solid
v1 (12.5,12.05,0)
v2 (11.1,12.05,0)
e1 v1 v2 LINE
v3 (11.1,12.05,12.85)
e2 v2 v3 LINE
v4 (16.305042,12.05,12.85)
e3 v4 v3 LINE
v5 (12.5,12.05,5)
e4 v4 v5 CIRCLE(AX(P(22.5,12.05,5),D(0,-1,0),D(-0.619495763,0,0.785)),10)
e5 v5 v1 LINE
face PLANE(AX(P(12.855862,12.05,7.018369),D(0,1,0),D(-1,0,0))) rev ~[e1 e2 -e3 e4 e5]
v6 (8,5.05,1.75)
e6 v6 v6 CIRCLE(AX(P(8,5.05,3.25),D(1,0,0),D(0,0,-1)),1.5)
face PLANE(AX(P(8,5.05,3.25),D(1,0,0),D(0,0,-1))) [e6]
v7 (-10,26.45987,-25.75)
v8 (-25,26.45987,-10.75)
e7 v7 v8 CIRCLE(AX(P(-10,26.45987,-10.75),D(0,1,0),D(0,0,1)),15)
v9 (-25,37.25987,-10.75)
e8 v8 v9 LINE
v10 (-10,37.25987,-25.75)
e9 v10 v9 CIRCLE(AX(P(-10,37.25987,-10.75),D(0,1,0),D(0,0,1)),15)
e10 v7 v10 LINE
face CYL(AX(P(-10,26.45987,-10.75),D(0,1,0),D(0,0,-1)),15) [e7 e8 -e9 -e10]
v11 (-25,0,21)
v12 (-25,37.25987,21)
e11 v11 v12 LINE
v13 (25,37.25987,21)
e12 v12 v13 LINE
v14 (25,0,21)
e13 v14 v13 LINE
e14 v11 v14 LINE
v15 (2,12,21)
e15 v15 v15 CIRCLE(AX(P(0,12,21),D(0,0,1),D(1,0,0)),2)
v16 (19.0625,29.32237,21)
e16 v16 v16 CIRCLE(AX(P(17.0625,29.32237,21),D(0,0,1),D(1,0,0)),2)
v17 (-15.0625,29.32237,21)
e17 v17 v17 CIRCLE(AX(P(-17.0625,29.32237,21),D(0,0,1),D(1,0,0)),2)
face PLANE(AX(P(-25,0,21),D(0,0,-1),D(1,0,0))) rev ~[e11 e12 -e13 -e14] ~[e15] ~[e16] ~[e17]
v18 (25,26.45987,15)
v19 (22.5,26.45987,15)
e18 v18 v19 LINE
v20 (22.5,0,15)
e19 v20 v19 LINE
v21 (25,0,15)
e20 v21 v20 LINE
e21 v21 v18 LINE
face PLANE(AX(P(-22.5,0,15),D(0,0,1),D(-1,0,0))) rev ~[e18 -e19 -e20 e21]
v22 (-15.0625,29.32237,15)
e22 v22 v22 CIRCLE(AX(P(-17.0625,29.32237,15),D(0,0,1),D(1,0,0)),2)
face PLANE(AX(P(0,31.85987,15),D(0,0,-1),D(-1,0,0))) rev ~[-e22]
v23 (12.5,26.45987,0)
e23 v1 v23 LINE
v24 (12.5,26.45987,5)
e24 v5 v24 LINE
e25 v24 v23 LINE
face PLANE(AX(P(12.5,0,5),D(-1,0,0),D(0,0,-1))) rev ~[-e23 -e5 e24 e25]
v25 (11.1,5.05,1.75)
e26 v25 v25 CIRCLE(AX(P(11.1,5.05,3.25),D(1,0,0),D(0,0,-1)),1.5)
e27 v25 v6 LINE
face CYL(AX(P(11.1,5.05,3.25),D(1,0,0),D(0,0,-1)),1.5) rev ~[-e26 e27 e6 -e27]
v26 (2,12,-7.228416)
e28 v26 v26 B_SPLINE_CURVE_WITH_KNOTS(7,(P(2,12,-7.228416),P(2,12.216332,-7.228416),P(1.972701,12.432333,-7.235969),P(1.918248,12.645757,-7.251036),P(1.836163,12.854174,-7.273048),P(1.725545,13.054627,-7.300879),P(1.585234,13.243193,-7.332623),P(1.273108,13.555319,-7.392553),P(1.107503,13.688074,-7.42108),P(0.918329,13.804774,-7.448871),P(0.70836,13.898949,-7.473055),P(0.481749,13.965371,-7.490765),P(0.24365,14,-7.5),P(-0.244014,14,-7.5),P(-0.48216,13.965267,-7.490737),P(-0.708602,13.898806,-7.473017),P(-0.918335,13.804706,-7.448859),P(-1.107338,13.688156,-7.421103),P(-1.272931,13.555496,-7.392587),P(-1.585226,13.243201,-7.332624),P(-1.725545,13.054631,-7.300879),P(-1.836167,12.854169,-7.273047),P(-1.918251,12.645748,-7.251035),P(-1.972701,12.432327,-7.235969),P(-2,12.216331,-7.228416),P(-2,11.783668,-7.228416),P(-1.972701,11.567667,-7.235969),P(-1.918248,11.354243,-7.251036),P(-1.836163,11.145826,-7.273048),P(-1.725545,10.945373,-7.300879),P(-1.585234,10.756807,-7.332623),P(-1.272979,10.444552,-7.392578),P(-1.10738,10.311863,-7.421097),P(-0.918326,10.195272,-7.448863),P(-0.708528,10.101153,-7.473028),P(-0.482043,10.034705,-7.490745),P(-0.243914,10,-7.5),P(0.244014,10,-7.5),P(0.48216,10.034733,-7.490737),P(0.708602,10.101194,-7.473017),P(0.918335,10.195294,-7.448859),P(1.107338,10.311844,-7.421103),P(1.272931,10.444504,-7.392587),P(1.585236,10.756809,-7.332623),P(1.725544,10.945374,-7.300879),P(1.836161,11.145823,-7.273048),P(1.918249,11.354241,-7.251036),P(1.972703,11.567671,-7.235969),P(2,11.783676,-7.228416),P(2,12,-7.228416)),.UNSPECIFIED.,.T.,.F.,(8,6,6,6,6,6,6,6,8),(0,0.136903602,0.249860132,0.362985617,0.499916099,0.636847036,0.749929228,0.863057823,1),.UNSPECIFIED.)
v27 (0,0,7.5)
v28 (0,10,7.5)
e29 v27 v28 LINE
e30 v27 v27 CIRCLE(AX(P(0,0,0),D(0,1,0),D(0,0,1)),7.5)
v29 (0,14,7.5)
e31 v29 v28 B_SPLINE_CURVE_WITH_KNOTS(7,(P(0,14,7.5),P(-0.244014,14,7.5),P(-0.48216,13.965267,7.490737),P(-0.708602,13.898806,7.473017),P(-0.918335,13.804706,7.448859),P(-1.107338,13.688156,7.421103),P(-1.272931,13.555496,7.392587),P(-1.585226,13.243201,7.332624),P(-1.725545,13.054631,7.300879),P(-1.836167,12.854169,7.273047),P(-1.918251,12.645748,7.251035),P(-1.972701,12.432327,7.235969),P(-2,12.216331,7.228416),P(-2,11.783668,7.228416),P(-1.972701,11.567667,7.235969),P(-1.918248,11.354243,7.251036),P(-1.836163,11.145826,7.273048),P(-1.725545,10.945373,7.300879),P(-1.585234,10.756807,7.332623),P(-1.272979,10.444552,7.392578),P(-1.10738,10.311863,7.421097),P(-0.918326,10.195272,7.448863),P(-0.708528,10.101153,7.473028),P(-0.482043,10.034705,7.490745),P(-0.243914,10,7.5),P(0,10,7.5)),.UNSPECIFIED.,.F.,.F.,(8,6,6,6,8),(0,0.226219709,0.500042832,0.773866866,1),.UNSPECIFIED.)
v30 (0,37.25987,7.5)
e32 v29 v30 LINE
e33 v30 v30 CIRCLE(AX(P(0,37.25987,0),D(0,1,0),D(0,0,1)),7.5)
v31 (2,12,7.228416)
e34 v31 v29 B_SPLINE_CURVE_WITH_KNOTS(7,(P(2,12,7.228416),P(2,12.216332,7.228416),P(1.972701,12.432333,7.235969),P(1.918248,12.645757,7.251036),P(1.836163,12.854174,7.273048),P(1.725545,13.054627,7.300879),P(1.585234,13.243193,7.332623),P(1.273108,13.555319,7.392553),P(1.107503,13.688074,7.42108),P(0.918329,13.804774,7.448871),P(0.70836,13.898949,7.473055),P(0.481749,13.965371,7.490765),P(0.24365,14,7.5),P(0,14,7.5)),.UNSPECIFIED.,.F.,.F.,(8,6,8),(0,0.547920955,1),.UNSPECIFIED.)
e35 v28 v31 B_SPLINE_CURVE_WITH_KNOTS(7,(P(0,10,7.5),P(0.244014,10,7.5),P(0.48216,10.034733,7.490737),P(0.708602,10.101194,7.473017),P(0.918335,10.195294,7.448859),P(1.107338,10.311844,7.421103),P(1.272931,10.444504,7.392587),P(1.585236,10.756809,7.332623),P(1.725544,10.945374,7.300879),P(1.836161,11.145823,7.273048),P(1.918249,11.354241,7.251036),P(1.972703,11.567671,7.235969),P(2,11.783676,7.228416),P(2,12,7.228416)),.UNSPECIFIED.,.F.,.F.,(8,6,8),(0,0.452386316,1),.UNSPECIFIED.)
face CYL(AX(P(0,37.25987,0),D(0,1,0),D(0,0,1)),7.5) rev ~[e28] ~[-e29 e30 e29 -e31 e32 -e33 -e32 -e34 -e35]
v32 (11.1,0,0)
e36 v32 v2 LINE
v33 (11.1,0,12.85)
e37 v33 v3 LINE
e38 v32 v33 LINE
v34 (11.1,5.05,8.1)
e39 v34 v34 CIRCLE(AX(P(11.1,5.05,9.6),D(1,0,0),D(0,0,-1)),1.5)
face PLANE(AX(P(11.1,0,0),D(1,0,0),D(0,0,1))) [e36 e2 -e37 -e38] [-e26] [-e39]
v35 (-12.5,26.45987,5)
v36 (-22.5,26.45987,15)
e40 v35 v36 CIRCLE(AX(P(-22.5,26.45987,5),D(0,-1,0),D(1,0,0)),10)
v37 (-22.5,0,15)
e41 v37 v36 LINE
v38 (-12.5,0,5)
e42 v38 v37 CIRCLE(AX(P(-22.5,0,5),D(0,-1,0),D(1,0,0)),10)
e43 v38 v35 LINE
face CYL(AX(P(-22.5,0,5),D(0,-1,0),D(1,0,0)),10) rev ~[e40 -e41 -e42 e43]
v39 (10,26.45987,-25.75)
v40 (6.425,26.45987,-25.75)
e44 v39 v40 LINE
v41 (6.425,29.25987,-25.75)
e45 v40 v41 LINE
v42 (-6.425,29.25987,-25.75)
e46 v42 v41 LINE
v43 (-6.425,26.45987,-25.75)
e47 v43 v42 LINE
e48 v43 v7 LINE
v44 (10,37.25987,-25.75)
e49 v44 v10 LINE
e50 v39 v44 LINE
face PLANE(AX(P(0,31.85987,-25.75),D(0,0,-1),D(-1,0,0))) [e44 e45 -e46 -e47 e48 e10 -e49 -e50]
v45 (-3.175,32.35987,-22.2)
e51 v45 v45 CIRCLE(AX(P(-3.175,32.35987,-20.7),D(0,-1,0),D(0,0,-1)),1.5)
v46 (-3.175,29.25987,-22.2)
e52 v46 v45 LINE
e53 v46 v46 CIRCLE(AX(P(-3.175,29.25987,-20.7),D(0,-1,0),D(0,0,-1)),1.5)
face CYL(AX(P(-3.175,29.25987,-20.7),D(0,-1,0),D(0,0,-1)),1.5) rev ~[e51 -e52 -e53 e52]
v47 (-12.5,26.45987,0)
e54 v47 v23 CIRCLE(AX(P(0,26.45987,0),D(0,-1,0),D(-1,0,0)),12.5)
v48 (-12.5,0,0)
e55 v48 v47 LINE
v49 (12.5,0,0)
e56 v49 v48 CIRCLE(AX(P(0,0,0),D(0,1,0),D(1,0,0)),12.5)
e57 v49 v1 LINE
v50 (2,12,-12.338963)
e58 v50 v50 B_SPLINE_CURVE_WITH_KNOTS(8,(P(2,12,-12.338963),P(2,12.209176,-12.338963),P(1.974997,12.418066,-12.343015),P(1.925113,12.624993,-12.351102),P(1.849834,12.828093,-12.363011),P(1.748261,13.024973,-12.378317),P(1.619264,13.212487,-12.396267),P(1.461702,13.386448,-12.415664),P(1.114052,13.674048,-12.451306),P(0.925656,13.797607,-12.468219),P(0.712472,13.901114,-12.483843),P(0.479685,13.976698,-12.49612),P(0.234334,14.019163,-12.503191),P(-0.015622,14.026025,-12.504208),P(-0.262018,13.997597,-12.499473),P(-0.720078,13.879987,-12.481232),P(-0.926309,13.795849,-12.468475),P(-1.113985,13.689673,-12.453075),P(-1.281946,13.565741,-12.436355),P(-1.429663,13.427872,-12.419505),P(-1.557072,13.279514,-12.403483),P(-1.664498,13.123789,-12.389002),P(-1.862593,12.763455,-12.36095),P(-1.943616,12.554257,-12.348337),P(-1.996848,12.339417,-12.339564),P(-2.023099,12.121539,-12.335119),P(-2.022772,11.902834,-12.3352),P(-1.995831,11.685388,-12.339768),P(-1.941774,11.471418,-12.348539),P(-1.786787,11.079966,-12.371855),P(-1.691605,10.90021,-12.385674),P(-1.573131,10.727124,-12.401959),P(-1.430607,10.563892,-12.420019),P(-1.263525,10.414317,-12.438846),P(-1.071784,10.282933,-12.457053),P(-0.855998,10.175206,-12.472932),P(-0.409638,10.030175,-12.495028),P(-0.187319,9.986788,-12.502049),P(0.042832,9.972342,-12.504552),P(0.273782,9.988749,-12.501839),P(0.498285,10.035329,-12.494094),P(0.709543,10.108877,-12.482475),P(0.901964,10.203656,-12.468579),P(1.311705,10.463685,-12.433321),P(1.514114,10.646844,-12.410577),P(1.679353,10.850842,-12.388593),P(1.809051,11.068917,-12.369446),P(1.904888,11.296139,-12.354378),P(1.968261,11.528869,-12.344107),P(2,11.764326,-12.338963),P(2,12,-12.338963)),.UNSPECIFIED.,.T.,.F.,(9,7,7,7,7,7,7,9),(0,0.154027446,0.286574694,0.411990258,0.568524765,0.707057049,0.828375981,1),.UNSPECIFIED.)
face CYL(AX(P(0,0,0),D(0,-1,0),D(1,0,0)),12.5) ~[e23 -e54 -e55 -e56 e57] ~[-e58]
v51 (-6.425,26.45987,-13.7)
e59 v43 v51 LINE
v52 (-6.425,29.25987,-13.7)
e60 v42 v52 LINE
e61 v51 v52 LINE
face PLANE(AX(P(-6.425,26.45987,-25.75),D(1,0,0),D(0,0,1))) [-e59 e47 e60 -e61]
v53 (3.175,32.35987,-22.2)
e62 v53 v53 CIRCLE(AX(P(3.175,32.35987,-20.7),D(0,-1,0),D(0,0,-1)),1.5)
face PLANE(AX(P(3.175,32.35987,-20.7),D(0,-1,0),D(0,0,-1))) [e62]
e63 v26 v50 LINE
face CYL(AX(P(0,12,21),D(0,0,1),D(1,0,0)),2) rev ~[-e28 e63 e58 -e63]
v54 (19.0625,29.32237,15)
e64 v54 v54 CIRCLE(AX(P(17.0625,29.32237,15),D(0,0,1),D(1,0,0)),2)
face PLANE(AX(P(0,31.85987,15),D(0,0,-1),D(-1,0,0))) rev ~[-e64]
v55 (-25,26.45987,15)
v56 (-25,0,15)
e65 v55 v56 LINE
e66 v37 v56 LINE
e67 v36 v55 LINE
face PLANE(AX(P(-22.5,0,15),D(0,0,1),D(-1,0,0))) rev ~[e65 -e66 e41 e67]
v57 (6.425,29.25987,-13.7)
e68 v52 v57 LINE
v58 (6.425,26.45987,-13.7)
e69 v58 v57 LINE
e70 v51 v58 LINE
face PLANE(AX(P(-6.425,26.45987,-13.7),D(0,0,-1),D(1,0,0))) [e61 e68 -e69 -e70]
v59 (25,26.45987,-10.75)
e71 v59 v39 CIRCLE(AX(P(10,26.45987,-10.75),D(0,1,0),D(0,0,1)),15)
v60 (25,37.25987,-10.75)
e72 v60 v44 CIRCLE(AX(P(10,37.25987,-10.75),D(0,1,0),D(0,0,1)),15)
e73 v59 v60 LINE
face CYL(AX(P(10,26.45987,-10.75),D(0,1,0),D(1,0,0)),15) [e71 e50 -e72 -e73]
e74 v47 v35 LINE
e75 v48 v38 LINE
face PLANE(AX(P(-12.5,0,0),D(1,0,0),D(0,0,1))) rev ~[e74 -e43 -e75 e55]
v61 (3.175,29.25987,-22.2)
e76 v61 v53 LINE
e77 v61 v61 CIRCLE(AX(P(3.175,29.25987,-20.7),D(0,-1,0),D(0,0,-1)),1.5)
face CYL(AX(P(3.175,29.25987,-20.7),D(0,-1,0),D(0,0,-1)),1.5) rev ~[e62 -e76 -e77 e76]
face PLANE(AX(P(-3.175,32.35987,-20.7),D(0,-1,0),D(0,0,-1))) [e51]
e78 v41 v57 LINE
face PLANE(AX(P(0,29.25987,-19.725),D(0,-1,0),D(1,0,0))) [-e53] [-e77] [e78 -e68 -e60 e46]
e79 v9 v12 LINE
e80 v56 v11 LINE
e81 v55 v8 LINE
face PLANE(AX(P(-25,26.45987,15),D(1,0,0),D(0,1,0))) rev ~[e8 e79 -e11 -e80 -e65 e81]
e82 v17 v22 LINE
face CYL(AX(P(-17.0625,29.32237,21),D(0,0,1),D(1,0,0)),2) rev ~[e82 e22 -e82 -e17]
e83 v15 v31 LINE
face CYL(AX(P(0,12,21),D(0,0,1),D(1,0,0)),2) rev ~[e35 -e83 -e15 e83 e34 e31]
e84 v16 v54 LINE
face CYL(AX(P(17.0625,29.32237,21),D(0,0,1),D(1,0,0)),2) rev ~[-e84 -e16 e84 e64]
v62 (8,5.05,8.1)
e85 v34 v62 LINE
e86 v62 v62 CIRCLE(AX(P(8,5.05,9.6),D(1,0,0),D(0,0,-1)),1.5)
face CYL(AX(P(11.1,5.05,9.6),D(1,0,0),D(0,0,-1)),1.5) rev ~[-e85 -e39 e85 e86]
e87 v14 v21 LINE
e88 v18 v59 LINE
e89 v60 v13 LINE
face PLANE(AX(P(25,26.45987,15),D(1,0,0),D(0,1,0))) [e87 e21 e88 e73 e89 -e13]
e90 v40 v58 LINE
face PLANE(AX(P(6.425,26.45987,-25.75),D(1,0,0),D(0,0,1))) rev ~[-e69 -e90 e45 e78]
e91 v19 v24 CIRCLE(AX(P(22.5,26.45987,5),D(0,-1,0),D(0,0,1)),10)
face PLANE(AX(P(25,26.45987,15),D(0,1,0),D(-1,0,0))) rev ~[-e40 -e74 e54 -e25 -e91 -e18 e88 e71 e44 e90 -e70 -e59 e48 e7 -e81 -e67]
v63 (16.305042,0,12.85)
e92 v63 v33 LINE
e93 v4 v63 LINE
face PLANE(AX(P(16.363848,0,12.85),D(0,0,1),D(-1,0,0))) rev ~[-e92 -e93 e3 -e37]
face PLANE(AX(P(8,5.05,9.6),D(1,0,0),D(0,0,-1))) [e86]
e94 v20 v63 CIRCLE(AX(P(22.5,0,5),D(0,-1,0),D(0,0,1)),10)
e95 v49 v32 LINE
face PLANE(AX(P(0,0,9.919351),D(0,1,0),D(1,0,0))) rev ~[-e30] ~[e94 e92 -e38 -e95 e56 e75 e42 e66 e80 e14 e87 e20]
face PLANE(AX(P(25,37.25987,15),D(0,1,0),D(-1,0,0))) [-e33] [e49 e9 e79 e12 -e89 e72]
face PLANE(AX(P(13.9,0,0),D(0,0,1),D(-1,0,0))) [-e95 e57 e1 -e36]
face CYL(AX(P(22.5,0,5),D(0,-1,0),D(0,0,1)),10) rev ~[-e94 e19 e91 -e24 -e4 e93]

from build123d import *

# Parameters (mm, degrees)
PROFILE_SKETCH1_R                              = 7.5
PROFILE_BOSS_EXTRUDE2_DEPTH                    = 37.25987
FASTENINGHOLESKETCH3_R                         = 2
FASTENINGHOLECUT_EXTRUDE8_DEPTH                = 56.995963358
LM8UUFASTENINGHOLESKETCH5_R                    = 2
LM8UUFASTENINGHOLECUT_EXTRUDE9_DEPTH           = 56.995963425
YAXISMICROSWITCHCUT_EXTRUDE1_DEPTH             = 12.05
MICROSWITCHMOUNTINGHOLESKETCH2_R               = 1.5
YAXISMICROSWITCHMOUNTINGHOLECUT_EXTRUDE2_DEPTH = 3.1
TOPKNOTCHSKETCH2_W                             = 50
TOPKNOTCHSKETCH2_H                             = 27.5
TOPKNOTCHCUT_EXTRUDE1_DEPTH                    = 10.8
TOPSHELFSKETCH3_W                              = 50
TOPSHELFSKETCH3_H                              = 10.8
TOPSHELFBOSS_EXTRUDE1_DEPTH                    = 40.75
TOPSHELFLM8UUHOLESKETCH_R                      = 7.5
TOPSHELFLM8UUCUT_EXTRUDE2_DEPTH                = 52.733552168
XAXISMICROSWITCHSKETCH7_W                      = 12.85
XAXISMICROSWITCHSKETCH7_H                      = 12.05
XAXISMICROSWITCHCUT_EXTRUDE5_DEPTH             = 2.8
XAXISMICROSWITCHMOUNTINGHOLESKETCH8_R          = 1.5
XAXISMICROSWITCHMOUNTINGHOLECUT_EXTRUDE6_DEPTH = 3.1
FILLET3_R                                      = 15
FILLET4_R                                      = 15


with BuildPart() as part:
    # Profile-Sketch1 → Profile-Boss-Extrude2 (new body)
    with BuildSketch(Plane(origin=(0, 0, 0), x_dir=(1, 0, 0), z_dir=(0, 1, 0))):
        with BuildLine():
            Line((-25, -21), (25, -21))
            Line((25, -21), (25, -15))
            Line((25, -15), (22.5, -15))
            ThreePointArc((22.5, -15), (15.428932188, -12.071067812), (12.5, -5))
            Line((12.5, -5), (12.5, 0))
            ThreePointArc((12.5, 0), (0, 12.5), (-12.5, 0))
            Line((-12.5, 0), (-12.5, -5))
            ThreePointArc((-12.5, -5), (-15.428932188, -12.071067812), (-22.5, -15))
            Line((-22.5, -15), (-25, -15))
            Line((-25, -15), (-25, -21))
        make_face()
        with Locations(Location((0, 0, 0), (0, 0, 270))):
            Circle(PROFILE_SKETCH1_R, mode=Mode.SUBTRACT)
    extrude(amount=PROFILE_BOSS_EXTRUDE2_DEPTH)

    # FasteningHoleSketch3 → FasteningHoleCut-Extrude8 (cut, through all)
    with BuildSketch(Plane.XY.offset(21)):
        with Locations((-17.0625, 29.32237)):
            Circle(FASTENINGHOLESKETCH3_R)
        with Locations((17.0625, 29.32237)):
            Circle(FASTENINGHOLESKETCH3_R)
    extrude(amount=-FASTENINGHOLECUT_EXTRUDE8_DEPTH, mode=Mode.SUBTRACT)

    # LM8UUFasteningHoleSketch5 → LM8UUFasteningHoleCut-Extrude9 (cut, through all)
    with BuildSketch(Plane.XY.offset(21)):
        with Locations((0, 12)):
            Circle(LM8UUFASTENINGHOLESKETCH5_R)
    extrude(amount=-LM8UUFASTENINGHOLECUT_EXTRUDE9_DEPTH, mode=Mode.SUBTRACT)

    # Sketch1 → YAxisMicroSwitchCut-Extrude1 (cut)
    with BuildSketch(Plane.XZ):
        Polygon((13.9, 12.85), (16.363847734, 12.85), (13.9, 10.102940329), (13.9, 0), (11.1, 0), (11.1, 12.85), align=None)
    extrude(amount=-YAXISMICROSWITCHCUT_EXTRUDE1_DEPTH, mode=Mode.SUBTRACT)

    # MicroSwitchMountingHoleSketch2 → YAxisMicroSwitchMountingHoleCut-Extrude2 (cut)
    with BuildSketch(Plane(origin=(11.1, 0, 0), x_dir=(0, 0, -1), z_dir=(1, 0, 0))):
        with Locations((-9.6, 5.05)):
            Circle(MICROSWITCHMOUNTINGHOLESKETCH2_R)
        with Locations((-3.25, 5.05)):
            Circle(MICROSWITCHMOUNTINGHOLESKETCH2_R)
    extrude(amount=-YAXISMICROSWITCHMOUNTINGHOLECUT_EXTRUDE2_DEPTH, mode=Mode.SUBTRACT)

    # TopKnotchSketch2 → TopKnotchCut-Extrude1 (cut)
    with BuildSketch(Plane(origin=(0, 37.25987, 0), x_dir=(1, 0, 0), z_dir=(0, 1, 0))):
        with Locations((0, -1.25)):
            Rectangle(TOPKNOTCHSKETCH2_W, TOPKNOTCHSKETCH2_H)
    extrude(amount=-TOPKNOTCHCUT_EXTRUDE1_DEPTH, mode=Mode.SUBTRACT)

    # TopShelfSketch3 → TopShelfBoss-Extrude1 (add)
    with BuildSketch(Plane(origin=(0, 0, 15), x_dir=(-1, 0, 0), z_dir=(0, 0, -1))):
        with Locations((0, 31.85987)):
            Rectangle(TOPSHELFSKETCH3_W, TOPSHELFSKETCH3_H)
    extrude(amount=TOPSHELFBOSS_EXTRUDE1_DEPTH)

    # TopShelfLM8UUHoleSketch → TopShelfLM8UUCut-Extrude2 (cut, through all)
    with BuildSketch(Plane(origin=(0, 37.25987, 0), x_dir=(1, 0, 0), z_dir=(0, 1, 0))):
        with Locations(Location((0, 0, 0), (0, 0, 270))):
            Circle(TOPSHELFLM8UUHOLESKETCH_R)
    extrude(amount=-TOPSHELFLM8UUCUT_EXTRUDE2_DEPTH, mode=Mode.SUBTRACT)

    # XAxisMicroSwitchSketch7 → XAxisMicroSwitchCut-Extrude5 (cut)
    with BuildSketch(Plane.XZ.offset(-26.45987)):
        with Locations((0, -19.725)):
            Rectangle(XAXISMICROSWITCHSKETCH7_W, XAXISMICROSWITCHSKETCH7_H)
    extrude(amount=-XAXISMICROSWITCHCUT_EXTRUDE5_DEPTH, mode=Mode.SUBTRACT)

    # XAxisMicroSwitchMountingHoleSketch8 → XAxisMicroSwitchMountingHoleCut-Extrude6 (cut)
    with BuildSketch(Plane.XZ.offset(-29.25987)):
        with Locations(Location((-3.175, -20.7, 0), (0, 0, 270))):
            Circle(XAXISMICROSWITCHMOUNTINGHOLESKETCH8_R)
        with Locations(Location((3.175, -20.7, 0), (0, 0, 270))):
            Circle(XAXISMICROSWITCHMOUNTINGHOLESKETCH8_R)
    extrude(amount=-XAXISMICROSWITCHMOUNTINGHOLECUT_EXTRUDE6_DEPTH, mode=Mode.SUBTRACT)

    # Fillet3
    fillet3_edges = [part.edges().sort_by_distance(p)[0] for p in [
        (25, 31.85987, -25.75),
    ]]
    fillet(fillet3_edges, radius=FILLET3_R)

    # Fillet4
    fillet4_edges = [part.edges().sort_by_distance(p)[0] for p in [
        (-25, 31.85987, -25.75),
    ]]
    fillet(fillet4_edges, radius=FILLET4_R)


solid = part.part
